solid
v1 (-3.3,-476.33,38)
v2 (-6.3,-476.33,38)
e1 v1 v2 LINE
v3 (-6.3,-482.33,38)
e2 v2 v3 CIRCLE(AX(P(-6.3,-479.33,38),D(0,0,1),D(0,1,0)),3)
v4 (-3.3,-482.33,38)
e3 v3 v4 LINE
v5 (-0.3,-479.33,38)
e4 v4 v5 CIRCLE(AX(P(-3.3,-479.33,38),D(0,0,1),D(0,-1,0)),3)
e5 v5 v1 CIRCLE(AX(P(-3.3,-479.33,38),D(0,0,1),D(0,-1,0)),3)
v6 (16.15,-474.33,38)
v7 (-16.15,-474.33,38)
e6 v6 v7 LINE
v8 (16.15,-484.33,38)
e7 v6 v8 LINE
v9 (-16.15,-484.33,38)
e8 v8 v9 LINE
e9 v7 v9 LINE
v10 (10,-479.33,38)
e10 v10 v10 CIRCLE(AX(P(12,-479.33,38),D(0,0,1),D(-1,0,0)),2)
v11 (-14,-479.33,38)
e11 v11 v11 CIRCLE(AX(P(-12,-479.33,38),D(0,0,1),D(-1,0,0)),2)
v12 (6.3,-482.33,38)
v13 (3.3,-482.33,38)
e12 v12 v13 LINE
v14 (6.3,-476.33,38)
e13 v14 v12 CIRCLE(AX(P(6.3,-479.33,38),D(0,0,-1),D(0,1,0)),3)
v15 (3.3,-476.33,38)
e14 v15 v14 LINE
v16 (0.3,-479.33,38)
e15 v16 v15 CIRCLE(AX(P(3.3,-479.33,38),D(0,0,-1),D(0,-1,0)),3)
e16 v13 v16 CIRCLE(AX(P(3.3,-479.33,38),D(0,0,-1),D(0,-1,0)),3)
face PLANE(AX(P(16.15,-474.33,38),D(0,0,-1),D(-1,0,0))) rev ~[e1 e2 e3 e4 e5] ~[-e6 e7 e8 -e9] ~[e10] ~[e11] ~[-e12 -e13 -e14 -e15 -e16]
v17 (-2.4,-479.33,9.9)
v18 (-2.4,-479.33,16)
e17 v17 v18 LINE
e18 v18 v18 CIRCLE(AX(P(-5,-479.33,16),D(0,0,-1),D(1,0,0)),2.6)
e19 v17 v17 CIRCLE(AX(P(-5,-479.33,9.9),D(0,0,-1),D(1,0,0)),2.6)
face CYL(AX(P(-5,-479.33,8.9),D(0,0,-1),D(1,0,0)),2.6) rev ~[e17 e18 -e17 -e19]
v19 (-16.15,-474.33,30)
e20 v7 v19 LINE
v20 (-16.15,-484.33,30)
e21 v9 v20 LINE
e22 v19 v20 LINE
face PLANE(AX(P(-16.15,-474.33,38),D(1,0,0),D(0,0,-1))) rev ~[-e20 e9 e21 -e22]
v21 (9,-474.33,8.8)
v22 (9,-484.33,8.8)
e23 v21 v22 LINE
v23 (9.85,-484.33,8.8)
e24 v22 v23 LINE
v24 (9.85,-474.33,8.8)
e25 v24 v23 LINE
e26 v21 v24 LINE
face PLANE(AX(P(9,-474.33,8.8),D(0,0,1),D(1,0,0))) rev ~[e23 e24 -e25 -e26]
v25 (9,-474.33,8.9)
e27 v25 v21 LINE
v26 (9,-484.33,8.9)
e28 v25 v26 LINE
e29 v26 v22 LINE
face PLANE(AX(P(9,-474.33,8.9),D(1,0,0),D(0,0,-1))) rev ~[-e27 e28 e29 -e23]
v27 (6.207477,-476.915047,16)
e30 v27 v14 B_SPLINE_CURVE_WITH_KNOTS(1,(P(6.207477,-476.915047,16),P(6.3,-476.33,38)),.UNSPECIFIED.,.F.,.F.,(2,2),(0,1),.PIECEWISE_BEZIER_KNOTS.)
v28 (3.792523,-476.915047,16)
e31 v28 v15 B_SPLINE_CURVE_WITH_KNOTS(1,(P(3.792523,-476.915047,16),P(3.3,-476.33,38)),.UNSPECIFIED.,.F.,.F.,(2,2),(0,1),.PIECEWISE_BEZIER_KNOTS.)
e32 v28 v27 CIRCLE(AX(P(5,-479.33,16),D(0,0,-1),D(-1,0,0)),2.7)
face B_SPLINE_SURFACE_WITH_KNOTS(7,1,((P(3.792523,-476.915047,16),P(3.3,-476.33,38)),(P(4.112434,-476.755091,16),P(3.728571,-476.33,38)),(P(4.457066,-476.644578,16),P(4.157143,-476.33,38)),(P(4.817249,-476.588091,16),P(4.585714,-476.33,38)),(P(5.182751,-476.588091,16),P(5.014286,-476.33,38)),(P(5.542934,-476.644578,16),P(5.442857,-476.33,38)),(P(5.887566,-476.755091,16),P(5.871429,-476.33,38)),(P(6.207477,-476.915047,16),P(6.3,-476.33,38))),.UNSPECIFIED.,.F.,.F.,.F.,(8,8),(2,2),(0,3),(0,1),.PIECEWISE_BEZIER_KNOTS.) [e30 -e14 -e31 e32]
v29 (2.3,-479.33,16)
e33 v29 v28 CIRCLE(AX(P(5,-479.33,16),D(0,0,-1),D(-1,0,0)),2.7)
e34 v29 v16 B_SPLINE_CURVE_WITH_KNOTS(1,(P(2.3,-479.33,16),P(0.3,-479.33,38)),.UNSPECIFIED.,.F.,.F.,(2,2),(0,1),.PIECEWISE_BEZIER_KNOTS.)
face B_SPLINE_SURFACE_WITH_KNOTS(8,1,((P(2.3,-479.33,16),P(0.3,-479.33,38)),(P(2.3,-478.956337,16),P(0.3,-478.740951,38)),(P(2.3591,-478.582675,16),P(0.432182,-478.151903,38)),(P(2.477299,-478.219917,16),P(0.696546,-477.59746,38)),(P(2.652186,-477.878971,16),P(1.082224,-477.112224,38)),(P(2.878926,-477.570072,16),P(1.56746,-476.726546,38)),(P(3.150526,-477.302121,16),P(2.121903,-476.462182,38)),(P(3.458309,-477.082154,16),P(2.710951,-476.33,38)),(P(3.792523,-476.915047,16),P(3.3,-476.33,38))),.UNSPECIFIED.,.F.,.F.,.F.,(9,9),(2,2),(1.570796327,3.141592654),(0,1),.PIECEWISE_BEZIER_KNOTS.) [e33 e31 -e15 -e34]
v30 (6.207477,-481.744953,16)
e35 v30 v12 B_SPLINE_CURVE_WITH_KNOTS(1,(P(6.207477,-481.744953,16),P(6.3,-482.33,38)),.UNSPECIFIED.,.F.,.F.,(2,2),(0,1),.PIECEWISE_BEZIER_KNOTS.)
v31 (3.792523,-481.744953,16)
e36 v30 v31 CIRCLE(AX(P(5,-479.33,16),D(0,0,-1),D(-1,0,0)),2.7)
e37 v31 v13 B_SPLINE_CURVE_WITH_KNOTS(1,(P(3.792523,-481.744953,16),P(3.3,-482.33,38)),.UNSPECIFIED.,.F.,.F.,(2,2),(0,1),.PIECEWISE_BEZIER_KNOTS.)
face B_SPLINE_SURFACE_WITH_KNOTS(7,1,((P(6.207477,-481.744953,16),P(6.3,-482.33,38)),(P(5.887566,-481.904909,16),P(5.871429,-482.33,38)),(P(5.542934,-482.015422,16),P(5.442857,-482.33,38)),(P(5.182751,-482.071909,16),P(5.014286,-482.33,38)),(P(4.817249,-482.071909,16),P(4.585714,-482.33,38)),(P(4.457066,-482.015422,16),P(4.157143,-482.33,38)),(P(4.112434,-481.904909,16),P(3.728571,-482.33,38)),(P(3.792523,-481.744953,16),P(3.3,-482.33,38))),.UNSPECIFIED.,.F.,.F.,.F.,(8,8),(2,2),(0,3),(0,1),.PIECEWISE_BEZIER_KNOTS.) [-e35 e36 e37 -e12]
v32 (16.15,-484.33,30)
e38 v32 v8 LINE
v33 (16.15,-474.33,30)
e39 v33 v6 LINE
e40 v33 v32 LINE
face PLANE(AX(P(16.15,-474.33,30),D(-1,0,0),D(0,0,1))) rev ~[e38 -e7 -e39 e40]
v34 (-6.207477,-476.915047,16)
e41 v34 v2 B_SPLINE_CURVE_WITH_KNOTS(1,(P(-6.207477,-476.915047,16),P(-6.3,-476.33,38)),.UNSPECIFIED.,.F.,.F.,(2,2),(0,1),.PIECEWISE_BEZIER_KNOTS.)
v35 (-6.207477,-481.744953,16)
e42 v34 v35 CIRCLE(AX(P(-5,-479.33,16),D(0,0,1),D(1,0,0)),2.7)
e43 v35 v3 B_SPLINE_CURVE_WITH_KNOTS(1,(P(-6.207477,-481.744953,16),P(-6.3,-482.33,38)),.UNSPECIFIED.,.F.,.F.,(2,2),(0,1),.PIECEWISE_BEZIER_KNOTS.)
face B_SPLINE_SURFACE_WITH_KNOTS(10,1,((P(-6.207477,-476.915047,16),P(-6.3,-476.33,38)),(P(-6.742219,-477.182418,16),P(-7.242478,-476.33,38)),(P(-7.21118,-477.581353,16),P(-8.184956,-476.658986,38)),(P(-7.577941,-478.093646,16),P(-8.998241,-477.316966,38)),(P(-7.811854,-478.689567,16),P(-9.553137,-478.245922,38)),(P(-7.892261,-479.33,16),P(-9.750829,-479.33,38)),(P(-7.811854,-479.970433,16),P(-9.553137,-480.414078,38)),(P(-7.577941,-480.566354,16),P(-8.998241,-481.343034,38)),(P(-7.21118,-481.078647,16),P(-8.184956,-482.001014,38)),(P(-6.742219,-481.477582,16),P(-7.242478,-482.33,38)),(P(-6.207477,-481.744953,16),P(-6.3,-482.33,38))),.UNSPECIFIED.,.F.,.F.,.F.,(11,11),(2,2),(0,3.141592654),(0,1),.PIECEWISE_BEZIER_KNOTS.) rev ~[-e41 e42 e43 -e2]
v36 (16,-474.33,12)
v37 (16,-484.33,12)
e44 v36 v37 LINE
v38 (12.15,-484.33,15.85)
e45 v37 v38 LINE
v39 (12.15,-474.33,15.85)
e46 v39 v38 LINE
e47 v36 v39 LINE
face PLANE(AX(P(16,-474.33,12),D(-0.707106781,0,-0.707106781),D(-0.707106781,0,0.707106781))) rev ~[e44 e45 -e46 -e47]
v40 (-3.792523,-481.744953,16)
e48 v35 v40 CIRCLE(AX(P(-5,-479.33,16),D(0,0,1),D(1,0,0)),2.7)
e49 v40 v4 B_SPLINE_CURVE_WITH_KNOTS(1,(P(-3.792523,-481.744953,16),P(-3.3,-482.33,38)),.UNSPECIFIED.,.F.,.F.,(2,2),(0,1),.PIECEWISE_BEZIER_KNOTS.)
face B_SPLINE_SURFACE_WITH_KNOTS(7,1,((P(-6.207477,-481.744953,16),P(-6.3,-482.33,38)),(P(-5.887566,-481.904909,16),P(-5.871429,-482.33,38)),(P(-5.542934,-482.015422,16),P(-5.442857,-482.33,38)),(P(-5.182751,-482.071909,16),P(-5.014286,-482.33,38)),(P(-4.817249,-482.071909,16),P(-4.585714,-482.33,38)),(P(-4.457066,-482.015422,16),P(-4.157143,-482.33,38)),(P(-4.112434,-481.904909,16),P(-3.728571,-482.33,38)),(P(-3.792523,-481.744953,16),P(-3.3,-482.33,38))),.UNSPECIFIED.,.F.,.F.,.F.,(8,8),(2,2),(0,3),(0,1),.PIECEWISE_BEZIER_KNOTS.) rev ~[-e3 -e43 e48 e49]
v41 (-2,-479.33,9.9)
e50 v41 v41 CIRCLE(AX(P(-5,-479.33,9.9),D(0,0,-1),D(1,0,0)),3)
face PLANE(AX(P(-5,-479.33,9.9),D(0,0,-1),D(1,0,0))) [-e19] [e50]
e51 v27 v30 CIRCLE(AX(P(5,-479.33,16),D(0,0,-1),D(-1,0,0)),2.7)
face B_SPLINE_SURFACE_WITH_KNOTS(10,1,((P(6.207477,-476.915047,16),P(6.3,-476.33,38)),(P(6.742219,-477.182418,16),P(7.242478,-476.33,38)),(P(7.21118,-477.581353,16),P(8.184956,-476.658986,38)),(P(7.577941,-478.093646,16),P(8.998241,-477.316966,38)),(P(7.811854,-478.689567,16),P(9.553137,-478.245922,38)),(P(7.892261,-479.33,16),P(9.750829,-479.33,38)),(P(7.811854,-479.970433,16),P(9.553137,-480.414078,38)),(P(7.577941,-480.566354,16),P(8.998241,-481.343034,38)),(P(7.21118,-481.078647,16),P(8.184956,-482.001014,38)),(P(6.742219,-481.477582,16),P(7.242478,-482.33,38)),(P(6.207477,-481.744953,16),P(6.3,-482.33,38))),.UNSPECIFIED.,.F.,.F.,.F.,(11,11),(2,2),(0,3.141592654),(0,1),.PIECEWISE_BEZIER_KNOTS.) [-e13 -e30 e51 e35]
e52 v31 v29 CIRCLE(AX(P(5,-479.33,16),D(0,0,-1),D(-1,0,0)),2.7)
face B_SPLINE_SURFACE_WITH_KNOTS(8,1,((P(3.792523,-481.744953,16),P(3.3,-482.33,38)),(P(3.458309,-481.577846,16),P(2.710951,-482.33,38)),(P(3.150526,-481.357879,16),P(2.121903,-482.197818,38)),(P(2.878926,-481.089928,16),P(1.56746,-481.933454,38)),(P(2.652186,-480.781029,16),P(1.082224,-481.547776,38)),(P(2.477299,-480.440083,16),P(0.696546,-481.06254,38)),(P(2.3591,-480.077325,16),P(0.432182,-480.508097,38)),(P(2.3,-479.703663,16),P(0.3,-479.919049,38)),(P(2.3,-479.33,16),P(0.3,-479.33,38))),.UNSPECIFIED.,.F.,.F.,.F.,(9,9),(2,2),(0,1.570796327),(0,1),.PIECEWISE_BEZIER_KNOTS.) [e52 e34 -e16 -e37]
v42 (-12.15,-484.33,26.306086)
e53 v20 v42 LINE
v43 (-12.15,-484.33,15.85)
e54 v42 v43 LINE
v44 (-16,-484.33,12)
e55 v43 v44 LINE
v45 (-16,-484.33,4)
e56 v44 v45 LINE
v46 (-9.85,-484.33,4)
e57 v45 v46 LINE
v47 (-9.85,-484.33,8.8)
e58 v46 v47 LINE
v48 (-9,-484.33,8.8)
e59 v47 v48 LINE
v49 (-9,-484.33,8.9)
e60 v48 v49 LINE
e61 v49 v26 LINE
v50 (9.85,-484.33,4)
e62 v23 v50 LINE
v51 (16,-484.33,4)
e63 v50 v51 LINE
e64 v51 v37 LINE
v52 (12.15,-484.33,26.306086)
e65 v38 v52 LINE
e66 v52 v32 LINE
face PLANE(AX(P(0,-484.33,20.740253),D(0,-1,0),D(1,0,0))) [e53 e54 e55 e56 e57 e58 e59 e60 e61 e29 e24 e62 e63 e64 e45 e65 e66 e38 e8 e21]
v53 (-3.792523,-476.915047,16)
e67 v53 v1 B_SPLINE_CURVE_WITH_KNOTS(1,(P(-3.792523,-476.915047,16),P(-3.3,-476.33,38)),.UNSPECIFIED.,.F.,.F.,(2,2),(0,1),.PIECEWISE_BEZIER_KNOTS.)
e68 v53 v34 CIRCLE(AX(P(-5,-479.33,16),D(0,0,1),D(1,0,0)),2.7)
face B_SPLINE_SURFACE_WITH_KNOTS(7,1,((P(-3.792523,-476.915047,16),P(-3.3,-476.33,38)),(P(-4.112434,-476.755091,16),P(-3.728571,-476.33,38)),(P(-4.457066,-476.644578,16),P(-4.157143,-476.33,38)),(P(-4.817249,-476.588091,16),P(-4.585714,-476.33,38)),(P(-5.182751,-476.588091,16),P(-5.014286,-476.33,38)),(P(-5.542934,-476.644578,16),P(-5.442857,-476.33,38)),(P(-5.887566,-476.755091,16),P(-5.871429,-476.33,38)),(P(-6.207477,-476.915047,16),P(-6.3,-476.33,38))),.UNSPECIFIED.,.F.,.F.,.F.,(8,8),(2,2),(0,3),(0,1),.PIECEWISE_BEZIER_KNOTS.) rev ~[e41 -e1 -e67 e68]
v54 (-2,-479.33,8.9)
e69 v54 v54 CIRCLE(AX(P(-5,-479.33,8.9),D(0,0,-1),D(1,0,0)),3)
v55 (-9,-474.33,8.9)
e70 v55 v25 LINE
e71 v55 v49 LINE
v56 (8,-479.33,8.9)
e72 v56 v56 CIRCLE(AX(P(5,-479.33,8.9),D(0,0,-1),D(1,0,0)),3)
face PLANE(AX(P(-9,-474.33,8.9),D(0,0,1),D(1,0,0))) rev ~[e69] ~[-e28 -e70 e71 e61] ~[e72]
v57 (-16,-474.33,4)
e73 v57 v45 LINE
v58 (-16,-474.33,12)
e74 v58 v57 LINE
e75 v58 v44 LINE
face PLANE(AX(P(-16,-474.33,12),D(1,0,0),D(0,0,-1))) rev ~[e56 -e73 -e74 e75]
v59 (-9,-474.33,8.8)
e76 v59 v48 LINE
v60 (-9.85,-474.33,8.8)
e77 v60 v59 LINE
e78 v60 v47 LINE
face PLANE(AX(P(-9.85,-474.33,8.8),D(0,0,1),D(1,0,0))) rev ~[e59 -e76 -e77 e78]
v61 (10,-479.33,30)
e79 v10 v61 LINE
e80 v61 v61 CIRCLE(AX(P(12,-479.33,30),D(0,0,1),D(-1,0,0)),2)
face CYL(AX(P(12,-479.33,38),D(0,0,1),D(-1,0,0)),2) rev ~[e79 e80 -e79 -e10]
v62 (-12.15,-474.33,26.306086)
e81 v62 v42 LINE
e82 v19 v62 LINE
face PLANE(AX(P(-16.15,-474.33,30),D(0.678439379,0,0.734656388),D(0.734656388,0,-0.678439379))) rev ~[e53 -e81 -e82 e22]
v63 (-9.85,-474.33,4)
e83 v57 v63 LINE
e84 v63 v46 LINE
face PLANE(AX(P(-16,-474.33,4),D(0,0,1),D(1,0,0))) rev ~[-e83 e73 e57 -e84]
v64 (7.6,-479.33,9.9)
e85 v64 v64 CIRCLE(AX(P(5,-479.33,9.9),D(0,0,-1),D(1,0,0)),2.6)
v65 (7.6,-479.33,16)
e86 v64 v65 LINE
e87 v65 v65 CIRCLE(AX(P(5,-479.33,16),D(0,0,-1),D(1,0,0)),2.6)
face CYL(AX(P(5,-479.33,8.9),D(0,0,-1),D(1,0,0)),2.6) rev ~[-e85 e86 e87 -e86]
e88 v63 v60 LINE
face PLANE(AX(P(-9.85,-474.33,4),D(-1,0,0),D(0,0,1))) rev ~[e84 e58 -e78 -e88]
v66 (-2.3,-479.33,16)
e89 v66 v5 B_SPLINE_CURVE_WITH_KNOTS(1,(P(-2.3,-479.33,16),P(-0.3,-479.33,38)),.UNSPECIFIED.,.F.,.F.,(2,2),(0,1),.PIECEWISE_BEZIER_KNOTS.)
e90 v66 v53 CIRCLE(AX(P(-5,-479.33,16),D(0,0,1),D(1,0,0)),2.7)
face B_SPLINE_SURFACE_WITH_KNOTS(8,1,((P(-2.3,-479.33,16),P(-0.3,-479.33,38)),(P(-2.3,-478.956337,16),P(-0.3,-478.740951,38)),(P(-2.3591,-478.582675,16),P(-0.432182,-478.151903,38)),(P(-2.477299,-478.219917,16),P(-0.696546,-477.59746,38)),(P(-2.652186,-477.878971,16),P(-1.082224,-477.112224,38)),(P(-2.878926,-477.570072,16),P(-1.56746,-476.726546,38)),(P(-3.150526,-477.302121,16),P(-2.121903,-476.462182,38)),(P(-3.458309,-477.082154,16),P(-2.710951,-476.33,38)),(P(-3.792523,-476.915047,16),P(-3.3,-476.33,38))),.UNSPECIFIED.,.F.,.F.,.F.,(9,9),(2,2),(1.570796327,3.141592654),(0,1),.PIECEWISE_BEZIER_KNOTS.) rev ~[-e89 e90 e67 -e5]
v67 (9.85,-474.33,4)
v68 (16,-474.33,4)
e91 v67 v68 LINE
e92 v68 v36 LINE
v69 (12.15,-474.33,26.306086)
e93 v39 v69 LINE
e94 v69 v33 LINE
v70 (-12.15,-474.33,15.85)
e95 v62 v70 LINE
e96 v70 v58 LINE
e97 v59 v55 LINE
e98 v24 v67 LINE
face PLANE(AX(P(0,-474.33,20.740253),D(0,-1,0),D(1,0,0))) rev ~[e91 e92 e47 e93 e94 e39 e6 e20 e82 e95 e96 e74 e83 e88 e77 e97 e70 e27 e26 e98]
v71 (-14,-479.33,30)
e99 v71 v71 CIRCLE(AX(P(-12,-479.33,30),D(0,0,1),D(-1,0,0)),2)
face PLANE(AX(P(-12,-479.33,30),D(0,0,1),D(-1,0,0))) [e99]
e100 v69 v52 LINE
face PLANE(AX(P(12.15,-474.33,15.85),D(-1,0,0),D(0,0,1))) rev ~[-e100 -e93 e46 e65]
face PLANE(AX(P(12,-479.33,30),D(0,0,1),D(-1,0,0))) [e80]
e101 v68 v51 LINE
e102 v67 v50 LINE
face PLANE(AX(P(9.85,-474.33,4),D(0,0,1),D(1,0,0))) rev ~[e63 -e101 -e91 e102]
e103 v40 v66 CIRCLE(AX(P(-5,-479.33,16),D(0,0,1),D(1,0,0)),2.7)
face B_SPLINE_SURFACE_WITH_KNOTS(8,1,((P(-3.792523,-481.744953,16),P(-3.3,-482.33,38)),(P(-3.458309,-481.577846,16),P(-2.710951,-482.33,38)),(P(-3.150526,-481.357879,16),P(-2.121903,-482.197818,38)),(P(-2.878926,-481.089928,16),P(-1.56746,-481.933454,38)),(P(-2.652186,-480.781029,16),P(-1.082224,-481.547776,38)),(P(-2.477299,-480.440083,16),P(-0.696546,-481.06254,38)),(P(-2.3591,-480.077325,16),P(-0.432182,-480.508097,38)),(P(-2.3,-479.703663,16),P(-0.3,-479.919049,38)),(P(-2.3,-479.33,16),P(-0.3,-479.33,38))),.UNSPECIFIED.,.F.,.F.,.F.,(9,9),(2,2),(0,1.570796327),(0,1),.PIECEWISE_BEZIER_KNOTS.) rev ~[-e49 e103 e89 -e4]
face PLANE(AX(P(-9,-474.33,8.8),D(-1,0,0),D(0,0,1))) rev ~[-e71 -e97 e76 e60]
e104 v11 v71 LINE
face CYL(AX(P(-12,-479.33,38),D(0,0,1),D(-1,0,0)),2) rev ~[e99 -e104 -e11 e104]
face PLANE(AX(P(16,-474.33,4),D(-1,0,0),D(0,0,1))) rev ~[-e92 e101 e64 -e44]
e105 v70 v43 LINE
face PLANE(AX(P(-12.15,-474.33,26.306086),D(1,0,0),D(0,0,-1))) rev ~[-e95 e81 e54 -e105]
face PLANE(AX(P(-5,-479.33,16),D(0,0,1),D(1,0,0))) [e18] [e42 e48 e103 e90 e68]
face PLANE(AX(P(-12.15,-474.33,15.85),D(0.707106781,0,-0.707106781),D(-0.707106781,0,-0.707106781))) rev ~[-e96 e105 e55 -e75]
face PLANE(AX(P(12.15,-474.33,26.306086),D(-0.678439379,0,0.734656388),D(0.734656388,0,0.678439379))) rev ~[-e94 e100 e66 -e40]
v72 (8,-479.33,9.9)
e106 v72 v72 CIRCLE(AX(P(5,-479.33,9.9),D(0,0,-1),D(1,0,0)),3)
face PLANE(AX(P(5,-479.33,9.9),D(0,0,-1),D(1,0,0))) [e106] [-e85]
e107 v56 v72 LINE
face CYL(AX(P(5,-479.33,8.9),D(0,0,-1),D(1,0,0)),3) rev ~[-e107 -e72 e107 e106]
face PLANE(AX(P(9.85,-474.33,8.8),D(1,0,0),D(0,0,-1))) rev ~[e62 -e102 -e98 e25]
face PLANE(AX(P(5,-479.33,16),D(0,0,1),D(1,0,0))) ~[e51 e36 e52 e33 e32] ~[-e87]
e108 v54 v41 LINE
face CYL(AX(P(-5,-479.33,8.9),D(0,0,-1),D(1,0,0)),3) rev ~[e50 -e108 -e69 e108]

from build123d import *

# Parameters (mm, degrees)
SKETCH079_R     = 2.7
PAD033_DEPTH    = 10
SKETCH076_R     = 2.6
POCKET031_DEPTH = 8
SKETCH077_R     = 3
POCKET032_DEPTH = 1
SKETCH080_R     = 2
POCKET033_DEPTH = 8


with BuildPart() as loft005:
    # Sketch079 → Loft005 section 0
    with BuildSketch(Plane.XY.offset(16)):
        with Locations((-5, 0)):
            Circle(SKETCH079_R)
    # Sketch078 → Loft005 section 1
    with BuildSketch(Plane.XY.offset(38)):
        with BuildLine():
            ThreePointArc((-6.3, 3), (-9.3, 0), (-6.3, -3))
            Line((-6.3, -3), (-3.3, -3))
            ThreePointArc((-3.3, -3), (-0.3, 0), (-3.3, 3))
            Line((-3.3, 3), (-6.3, 3))
        make_face()
    loft()


with BuildPart() as part_mirroring005:
    # Part__Mirroring005: instance of Loft005
    add(loft005.part.mirror(Plane(origin=(0, 0, 0), x_dir=(0, -1, 0), z_dir=(1, 0, 0))))


with BuildPart() as fusion005:
    # Fusion005 base: copy of Loft005
    add(loft005.part)

    # Fusion005: union Part__Mirroring005
    add(part_mirroring005.part)


with BuildPart() as fusion005_1:
    # Fusion005 placement: moved
    add(fusion005.part.moved(Location((0, -5, 0))))


with BuildPart() as cut004:
    # Sketch075 → Pad033 (new body)
    with BuildSketch(Plane.XZ):
        Polygon((-16, 4), (-9.85, 4), (-9.85, 7.2), (-9.85, 8.8), (-9, 8.8), (-9, 8.9), (9, 8.9), (9, 8.8), (9.85, 8.8), (9.85, 7.2), (9.85, 4), (16, 4), (16, 12), (12.15, 15.85), (12.15, 26.306086), (16.15, 30), (16.15, 38), (-16.15, 38), (-16.15, 30), (-12.15, 26.306086), (-12.15, 15.85), (-16, 12), align=None)
    extrude(amount=PAD033_DEPTH)

    # Sketch076 (on Face7 of Pad033) → Pocket031 (cut)
    with BuildSketch(Plane(origin=(0, 0, 8.9), x_dir=(1, 0, 0), z_dir=(0, 0, -1))):
        with Locations((-5, 5)):
            Circle(SKETCH076_R)
        with Locations((5, 5)):
            Circle(SKETCH076_R)
    extrude(amount=-POCKET031_DEPTH, mode=Mode.SUBTRACT)

    # Sketch077 (on Face11 of Pocket031) → Pocket032 (cut)
    with BuildSketch(Plane(origin=(0, 0, 8.9), x_dir=(1, 0, 0), z_dir=(0, 0, -1))):
        with Locations((-5, 5)):
            Circle(SKETCH077_R)
        with Locations((5, 5)):
            Circle(SKETCH077_R)
    extrude(amount=-POCKET032_DEPTH, mode=Mode.SUBTRACT)

    # Sketch080 (on Face22 of Pocket032) → Pocket033 (cut)
    with BuildSketch(Plane(origin=(0, 0, 38), x_dir=(-1, 0, 0), z_dir=(0, 0, 1))):
        with Locations((-12, 5)):
            Circle(SKETCH080_R)
        with Locations((12, 5)):
            Circle(SKETCH080_R)
    extrude(amount=-POCKET033_DEPTH, mode=Mode.SUBTRACT)

    # Cut004: cut Fusion005
    add(fusion005_1.part, mode=Mode.SUBTRACT)


with BuildPart() as cut004_1:
    # Cut004 placement: moved
    add(cut004.part.moved(Location((0, -474.33, 0))))


solid = cut004_1.part
